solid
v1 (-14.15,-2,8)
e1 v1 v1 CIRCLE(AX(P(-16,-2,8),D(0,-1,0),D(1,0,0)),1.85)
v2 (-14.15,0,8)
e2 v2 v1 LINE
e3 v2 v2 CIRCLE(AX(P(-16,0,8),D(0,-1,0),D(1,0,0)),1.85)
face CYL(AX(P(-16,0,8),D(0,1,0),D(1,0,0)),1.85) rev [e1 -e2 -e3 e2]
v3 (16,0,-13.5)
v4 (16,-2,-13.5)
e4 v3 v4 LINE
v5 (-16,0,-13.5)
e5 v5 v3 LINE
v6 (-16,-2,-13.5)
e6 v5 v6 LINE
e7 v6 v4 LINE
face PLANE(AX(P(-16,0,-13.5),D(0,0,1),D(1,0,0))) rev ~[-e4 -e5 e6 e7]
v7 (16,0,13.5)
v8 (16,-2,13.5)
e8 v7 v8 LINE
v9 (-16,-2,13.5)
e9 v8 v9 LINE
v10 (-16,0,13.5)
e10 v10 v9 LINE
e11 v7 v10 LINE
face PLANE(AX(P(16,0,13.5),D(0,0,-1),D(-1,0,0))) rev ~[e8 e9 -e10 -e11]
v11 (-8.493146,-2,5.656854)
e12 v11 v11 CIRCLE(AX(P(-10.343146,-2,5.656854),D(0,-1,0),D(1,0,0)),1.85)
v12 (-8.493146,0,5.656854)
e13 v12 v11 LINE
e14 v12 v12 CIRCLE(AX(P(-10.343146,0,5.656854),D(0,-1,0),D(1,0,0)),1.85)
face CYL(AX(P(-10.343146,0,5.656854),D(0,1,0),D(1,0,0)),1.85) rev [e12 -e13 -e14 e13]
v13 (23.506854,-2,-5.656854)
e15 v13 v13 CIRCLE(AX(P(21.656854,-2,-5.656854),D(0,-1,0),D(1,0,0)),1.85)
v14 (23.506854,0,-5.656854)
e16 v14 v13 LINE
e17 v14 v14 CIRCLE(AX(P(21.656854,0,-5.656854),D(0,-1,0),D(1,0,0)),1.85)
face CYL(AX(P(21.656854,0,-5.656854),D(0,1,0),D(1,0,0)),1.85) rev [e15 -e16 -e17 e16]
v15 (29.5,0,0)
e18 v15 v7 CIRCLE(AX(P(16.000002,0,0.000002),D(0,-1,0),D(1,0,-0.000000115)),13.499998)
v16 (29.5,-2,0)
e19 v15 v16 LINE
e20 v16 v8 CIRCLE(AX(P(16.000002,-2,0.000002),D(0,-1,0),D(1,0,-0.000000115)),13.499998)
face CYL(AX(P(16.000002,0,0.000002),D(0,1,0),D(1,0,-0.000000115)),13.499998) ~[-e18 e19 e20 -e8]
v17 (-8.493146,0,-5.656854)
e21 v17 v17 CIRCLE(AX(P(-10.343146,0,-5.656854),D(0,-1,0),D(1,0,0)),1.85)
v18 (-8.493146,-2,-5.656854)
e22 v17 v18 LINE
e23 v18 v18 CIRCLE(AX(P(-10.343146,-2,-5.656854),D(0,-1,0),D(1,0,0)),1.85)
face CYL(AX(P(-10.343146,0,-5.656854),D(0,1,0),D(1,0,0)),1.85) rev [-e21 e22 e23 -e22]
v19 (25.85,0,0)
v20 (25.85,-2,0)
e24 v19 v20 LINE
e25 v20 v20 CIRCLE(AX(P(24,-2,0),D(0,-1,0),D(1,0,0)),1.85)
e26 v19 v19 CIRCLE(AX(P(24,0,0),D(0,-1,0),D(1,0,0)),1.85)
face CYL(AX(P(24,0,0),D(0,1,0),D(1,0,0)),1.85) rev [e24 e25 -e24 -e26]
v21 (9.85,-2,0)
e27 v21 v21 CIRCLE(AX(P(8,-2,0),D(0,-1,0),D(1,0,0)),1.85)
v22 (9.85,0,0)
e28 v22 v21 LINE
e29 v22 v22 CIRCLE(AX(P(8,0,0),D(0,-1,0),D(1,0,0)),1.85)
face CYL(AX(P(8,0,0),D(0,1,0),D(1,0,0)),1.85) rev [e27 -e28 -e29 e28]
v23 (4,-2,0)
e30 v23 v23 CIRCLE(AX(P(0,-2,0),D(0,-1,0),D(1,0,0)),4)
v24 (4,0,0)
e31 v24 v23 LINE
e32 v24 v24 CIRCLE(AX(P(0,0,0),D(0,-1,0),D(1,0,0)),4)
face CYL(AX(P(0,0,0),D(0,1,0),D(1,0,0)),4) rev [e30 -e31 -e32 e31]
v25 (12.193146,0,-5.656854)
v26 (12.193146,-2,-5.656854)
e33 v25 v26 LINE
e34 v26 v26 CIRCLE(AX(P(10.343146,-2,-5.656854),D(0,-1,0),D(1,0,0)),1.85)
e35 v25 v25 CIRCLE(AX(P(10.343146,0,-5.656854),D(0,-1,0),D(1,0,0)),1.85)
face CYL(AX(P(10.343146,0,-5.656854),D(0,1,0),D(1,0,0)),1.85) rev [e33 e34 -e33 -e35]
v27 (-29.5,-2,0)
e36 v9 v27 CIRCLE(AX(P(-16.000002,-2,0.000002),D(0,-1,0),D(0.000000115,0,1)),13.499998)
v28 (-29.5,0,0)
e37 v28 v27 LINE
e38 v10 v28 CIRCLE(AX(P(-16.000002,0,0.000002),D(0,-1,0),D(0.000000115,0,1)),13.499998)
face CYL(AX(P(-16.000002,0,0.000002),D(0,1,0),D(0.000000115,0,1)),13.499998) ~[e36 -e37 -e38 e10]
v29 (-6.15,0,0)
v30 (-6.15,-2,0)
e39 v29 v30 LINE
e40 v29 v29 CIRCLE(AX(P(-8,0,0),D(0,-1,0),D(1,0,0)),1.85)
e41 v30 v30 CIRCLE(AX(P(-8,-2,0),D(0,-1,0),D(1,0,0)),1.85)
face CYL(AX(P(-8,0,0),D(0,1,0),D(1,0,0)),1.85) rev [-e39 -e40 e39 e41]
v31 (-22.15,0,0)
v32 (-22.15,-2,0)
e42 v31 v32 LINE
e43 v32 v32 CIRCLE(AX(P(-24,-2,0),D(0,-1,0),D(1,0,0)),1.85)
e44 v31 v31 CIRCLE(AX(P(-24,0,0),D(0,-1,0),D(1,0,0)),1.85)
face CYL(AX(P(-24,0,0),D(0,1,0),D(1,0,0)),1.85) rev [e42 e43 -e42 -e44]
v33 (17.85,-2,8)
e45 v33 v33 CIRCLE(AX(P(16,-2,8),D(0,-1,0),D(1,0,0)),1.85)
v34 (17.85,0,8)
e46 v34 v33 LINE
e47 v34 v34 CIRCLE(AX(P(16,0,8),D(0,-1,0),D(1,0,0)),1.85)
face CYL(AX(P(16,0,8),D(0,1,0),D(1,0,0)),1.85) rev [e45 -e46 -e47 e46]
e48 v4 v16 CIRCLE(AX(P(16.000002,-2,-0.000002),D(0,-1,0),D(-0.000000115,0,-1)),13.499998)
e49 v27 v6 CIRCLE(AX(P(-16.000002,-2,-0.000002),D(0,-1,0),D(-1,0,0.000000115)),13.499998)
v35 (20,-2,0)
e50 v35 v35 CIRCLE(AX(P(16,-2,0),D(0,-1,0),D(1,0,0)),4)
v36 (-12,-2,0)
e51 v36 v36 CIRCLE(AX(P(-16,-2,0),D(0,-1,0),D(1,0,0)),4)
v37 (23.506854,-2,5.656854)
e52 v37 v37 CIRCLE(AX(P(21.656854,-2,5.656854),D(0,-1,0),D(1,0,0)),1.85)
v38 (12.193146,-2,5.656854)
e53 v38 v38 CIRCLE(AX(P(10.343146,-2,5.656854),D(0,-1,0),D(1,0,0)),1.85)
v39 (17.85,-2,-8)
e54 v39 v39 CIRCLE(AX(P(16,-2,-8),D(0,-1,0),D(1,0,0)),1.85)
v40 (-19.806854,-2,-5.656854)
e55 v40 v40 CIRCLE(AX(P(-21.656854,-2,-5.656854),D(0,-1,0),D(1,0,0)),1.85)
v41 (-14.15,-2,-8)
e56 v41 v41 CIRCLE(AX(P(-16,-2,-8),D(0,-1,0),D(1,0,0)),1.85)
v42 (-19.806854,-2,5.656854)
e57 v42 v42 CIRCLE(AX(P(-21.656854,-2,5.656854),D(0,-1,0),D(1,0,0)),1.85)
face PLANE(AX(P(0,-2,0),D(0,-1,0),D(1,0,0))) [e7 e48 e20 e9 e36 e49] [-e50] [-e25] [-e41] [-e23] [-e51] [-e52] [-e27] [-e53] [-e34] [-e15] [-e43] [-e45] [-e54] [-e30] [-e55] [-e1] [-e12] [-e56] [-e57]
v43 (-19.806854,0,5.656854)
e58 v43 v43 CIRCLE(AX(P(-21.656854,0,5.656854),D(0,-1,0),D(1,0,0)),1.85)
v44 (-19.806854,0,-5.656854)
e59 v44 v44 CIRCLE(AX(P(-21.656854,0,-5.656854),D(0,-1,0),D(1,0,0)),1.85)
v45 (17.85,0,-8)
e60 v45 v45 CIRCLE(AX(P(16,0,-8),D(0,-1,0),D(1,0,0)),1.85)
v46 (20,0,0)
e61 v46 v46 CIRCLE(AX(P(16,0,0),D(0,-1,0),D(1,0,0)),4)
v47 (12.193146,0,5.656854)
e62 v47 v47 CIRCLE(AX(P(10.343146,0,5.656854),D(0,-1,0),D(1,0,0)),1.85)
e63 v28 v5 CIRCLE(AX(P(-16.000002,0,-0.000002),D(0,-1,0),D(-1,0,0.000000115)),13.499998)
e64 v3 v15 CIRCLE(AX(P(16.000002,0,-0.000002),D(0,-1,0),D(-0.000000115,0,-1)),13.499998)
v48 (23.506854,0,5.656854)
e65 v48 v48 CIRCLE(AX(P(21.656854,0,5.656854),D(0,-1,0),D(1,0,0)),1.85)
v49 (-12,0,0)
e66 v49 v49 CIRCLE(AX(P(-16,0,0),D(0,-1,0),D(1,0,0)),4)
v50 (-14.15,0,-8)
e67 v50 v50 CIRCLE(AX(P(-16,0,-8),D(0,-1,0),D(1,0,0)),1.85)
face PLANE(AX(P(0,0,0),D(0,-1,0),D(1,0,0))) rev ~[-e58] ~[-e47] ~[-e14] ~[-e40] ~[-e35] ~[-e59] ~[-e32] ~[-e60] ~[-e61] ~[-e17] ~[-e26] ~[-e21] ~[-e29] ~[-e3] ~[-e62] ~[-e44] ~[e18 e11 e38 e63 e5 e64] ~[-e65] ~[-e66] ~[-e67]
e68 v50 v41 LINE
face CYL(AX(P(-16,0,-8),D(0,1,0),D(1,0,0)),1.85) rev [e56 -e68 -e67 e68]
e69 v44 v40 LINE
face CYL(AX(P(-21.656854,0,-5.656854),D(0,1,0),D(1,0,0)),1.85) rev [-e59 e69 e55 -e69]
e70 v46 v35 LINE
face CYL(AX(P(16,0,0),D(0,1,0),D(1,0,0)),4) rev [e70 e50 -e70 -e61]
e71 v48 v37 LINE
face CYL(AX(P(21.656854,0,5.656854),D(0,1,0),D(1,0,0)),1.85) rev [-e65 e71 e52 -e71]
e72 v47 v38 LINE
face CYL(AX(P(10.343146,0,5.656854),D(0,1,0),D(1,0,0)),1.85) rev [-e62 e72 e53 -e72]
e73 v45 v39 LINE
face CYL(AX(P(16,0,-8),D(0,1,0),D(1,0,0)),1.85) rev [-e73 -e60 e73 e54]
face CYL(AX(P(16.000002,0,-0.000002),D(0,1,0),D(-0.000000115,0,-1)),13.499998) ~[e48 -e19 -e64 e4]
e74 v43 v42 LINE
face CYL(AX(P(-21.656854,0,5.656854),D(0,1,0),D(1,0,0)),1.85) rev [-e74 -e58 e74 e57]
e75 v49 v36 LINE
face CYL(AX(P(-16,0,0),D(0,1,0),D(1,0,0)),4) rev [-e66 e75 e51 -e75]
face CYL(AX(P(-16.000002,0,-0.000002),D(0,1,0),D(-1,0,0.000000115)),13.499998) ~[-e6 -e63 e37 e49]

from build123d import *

# Parameters (mm, degrees)
F0_R     = 1.85
F0_R_2   = 4
F1_DEPTH = 2


with BuildPart() as f1:
    # F0 (on Front) → F1 (new body)
    with BuildSketch(Plane.XZ):
        with BuildLine():
            ThreePointArc((29.5, 0), (25.545942, 9.545942), (16, 13.5))
            Line((16, 13.5), (-16, 13.5))
            ThreePointArc((-16, 13.5), (-25.545942, 9.545942), (-29.5, 0))
            ThreePointArc((-29.5, 0), (-25.545942, -9.545942), (-16, -13.5))
            Line((-16, -13.5), (16, -13.5))
            ThreePointArc((16, -13.5), (25.545942, -9.545942), (29.5, 0))
        make_face()
        with Locations((-16, -8)):
            Circle(F0_R, mode=Mode.SUBTRACT)
        with Locations((-21.656854, -5.656854)):
            Circle(F0_R, mode=Mode.SUBTRACT)
        with Locations((-10.343146, -5.656854)):
            Circle(F0_R, mode=Mode.SUBTRACT)
        with Locations((16, -8)):
            Circle(F0_R, mode=Mode.SUBTRACT)
        with Locations((10.343146, -5.656854)):
            Circle(F0_R, mode=Mode.SUBTRACT)
        with Locations((21.656854, -5.656854)):
            Circle(F0_R, mode=Mode.SUBTRACT)
        with Locations((-24, 0)):
            Circle(F0_R, mode=Mode.SUBTRACT)
        with Locations((-16, 0)):
            Circle(F0_R_2, mode=Mode.SUBTRACT)
        with Locations((-21.656854, 5.656854)):
            Circle(F0_R, mode=Mode.SUBTRACT)
        with Locations((-8, 0)):
            Circle(F0_R, mode=Mode.SUBTRACT)
        with Locations((-10.343146, 5.656854)):
            Circle(F0_R, mode=Mode.SUBTRACT)
        with Locations((-16, 8)):
            Circle(F0_R, mode=Mode.SUBTRACT)
        Circle(F0_R_2, mode=Mode.SUBTRACT)
        with Locations((8, 0)):
            Circle(F0_R, mode=Mode.SUBTRACT)
        with Locations((10.343146, 5.656854)):
            Circle(F0_R, mode=Mode.SUBTRACT)
        with Locations((16, 0)):
            Circle(F0_R_2, mode=Mode.SUBTRACT)
        with Locations((24, 0)):
            Circle(F0_R, mode=Mode.SUBTRACT)
        with Locations((21.656854, 5.656854)):
            Circle(F0_R, mode=Mode.SUBTRACT)
        with Locations((16, 8)):
            Circle(F0_R, mode=Mode.SUBTRACT)
    extrude(amount=F1_DEPTH)


solid = f1.part
